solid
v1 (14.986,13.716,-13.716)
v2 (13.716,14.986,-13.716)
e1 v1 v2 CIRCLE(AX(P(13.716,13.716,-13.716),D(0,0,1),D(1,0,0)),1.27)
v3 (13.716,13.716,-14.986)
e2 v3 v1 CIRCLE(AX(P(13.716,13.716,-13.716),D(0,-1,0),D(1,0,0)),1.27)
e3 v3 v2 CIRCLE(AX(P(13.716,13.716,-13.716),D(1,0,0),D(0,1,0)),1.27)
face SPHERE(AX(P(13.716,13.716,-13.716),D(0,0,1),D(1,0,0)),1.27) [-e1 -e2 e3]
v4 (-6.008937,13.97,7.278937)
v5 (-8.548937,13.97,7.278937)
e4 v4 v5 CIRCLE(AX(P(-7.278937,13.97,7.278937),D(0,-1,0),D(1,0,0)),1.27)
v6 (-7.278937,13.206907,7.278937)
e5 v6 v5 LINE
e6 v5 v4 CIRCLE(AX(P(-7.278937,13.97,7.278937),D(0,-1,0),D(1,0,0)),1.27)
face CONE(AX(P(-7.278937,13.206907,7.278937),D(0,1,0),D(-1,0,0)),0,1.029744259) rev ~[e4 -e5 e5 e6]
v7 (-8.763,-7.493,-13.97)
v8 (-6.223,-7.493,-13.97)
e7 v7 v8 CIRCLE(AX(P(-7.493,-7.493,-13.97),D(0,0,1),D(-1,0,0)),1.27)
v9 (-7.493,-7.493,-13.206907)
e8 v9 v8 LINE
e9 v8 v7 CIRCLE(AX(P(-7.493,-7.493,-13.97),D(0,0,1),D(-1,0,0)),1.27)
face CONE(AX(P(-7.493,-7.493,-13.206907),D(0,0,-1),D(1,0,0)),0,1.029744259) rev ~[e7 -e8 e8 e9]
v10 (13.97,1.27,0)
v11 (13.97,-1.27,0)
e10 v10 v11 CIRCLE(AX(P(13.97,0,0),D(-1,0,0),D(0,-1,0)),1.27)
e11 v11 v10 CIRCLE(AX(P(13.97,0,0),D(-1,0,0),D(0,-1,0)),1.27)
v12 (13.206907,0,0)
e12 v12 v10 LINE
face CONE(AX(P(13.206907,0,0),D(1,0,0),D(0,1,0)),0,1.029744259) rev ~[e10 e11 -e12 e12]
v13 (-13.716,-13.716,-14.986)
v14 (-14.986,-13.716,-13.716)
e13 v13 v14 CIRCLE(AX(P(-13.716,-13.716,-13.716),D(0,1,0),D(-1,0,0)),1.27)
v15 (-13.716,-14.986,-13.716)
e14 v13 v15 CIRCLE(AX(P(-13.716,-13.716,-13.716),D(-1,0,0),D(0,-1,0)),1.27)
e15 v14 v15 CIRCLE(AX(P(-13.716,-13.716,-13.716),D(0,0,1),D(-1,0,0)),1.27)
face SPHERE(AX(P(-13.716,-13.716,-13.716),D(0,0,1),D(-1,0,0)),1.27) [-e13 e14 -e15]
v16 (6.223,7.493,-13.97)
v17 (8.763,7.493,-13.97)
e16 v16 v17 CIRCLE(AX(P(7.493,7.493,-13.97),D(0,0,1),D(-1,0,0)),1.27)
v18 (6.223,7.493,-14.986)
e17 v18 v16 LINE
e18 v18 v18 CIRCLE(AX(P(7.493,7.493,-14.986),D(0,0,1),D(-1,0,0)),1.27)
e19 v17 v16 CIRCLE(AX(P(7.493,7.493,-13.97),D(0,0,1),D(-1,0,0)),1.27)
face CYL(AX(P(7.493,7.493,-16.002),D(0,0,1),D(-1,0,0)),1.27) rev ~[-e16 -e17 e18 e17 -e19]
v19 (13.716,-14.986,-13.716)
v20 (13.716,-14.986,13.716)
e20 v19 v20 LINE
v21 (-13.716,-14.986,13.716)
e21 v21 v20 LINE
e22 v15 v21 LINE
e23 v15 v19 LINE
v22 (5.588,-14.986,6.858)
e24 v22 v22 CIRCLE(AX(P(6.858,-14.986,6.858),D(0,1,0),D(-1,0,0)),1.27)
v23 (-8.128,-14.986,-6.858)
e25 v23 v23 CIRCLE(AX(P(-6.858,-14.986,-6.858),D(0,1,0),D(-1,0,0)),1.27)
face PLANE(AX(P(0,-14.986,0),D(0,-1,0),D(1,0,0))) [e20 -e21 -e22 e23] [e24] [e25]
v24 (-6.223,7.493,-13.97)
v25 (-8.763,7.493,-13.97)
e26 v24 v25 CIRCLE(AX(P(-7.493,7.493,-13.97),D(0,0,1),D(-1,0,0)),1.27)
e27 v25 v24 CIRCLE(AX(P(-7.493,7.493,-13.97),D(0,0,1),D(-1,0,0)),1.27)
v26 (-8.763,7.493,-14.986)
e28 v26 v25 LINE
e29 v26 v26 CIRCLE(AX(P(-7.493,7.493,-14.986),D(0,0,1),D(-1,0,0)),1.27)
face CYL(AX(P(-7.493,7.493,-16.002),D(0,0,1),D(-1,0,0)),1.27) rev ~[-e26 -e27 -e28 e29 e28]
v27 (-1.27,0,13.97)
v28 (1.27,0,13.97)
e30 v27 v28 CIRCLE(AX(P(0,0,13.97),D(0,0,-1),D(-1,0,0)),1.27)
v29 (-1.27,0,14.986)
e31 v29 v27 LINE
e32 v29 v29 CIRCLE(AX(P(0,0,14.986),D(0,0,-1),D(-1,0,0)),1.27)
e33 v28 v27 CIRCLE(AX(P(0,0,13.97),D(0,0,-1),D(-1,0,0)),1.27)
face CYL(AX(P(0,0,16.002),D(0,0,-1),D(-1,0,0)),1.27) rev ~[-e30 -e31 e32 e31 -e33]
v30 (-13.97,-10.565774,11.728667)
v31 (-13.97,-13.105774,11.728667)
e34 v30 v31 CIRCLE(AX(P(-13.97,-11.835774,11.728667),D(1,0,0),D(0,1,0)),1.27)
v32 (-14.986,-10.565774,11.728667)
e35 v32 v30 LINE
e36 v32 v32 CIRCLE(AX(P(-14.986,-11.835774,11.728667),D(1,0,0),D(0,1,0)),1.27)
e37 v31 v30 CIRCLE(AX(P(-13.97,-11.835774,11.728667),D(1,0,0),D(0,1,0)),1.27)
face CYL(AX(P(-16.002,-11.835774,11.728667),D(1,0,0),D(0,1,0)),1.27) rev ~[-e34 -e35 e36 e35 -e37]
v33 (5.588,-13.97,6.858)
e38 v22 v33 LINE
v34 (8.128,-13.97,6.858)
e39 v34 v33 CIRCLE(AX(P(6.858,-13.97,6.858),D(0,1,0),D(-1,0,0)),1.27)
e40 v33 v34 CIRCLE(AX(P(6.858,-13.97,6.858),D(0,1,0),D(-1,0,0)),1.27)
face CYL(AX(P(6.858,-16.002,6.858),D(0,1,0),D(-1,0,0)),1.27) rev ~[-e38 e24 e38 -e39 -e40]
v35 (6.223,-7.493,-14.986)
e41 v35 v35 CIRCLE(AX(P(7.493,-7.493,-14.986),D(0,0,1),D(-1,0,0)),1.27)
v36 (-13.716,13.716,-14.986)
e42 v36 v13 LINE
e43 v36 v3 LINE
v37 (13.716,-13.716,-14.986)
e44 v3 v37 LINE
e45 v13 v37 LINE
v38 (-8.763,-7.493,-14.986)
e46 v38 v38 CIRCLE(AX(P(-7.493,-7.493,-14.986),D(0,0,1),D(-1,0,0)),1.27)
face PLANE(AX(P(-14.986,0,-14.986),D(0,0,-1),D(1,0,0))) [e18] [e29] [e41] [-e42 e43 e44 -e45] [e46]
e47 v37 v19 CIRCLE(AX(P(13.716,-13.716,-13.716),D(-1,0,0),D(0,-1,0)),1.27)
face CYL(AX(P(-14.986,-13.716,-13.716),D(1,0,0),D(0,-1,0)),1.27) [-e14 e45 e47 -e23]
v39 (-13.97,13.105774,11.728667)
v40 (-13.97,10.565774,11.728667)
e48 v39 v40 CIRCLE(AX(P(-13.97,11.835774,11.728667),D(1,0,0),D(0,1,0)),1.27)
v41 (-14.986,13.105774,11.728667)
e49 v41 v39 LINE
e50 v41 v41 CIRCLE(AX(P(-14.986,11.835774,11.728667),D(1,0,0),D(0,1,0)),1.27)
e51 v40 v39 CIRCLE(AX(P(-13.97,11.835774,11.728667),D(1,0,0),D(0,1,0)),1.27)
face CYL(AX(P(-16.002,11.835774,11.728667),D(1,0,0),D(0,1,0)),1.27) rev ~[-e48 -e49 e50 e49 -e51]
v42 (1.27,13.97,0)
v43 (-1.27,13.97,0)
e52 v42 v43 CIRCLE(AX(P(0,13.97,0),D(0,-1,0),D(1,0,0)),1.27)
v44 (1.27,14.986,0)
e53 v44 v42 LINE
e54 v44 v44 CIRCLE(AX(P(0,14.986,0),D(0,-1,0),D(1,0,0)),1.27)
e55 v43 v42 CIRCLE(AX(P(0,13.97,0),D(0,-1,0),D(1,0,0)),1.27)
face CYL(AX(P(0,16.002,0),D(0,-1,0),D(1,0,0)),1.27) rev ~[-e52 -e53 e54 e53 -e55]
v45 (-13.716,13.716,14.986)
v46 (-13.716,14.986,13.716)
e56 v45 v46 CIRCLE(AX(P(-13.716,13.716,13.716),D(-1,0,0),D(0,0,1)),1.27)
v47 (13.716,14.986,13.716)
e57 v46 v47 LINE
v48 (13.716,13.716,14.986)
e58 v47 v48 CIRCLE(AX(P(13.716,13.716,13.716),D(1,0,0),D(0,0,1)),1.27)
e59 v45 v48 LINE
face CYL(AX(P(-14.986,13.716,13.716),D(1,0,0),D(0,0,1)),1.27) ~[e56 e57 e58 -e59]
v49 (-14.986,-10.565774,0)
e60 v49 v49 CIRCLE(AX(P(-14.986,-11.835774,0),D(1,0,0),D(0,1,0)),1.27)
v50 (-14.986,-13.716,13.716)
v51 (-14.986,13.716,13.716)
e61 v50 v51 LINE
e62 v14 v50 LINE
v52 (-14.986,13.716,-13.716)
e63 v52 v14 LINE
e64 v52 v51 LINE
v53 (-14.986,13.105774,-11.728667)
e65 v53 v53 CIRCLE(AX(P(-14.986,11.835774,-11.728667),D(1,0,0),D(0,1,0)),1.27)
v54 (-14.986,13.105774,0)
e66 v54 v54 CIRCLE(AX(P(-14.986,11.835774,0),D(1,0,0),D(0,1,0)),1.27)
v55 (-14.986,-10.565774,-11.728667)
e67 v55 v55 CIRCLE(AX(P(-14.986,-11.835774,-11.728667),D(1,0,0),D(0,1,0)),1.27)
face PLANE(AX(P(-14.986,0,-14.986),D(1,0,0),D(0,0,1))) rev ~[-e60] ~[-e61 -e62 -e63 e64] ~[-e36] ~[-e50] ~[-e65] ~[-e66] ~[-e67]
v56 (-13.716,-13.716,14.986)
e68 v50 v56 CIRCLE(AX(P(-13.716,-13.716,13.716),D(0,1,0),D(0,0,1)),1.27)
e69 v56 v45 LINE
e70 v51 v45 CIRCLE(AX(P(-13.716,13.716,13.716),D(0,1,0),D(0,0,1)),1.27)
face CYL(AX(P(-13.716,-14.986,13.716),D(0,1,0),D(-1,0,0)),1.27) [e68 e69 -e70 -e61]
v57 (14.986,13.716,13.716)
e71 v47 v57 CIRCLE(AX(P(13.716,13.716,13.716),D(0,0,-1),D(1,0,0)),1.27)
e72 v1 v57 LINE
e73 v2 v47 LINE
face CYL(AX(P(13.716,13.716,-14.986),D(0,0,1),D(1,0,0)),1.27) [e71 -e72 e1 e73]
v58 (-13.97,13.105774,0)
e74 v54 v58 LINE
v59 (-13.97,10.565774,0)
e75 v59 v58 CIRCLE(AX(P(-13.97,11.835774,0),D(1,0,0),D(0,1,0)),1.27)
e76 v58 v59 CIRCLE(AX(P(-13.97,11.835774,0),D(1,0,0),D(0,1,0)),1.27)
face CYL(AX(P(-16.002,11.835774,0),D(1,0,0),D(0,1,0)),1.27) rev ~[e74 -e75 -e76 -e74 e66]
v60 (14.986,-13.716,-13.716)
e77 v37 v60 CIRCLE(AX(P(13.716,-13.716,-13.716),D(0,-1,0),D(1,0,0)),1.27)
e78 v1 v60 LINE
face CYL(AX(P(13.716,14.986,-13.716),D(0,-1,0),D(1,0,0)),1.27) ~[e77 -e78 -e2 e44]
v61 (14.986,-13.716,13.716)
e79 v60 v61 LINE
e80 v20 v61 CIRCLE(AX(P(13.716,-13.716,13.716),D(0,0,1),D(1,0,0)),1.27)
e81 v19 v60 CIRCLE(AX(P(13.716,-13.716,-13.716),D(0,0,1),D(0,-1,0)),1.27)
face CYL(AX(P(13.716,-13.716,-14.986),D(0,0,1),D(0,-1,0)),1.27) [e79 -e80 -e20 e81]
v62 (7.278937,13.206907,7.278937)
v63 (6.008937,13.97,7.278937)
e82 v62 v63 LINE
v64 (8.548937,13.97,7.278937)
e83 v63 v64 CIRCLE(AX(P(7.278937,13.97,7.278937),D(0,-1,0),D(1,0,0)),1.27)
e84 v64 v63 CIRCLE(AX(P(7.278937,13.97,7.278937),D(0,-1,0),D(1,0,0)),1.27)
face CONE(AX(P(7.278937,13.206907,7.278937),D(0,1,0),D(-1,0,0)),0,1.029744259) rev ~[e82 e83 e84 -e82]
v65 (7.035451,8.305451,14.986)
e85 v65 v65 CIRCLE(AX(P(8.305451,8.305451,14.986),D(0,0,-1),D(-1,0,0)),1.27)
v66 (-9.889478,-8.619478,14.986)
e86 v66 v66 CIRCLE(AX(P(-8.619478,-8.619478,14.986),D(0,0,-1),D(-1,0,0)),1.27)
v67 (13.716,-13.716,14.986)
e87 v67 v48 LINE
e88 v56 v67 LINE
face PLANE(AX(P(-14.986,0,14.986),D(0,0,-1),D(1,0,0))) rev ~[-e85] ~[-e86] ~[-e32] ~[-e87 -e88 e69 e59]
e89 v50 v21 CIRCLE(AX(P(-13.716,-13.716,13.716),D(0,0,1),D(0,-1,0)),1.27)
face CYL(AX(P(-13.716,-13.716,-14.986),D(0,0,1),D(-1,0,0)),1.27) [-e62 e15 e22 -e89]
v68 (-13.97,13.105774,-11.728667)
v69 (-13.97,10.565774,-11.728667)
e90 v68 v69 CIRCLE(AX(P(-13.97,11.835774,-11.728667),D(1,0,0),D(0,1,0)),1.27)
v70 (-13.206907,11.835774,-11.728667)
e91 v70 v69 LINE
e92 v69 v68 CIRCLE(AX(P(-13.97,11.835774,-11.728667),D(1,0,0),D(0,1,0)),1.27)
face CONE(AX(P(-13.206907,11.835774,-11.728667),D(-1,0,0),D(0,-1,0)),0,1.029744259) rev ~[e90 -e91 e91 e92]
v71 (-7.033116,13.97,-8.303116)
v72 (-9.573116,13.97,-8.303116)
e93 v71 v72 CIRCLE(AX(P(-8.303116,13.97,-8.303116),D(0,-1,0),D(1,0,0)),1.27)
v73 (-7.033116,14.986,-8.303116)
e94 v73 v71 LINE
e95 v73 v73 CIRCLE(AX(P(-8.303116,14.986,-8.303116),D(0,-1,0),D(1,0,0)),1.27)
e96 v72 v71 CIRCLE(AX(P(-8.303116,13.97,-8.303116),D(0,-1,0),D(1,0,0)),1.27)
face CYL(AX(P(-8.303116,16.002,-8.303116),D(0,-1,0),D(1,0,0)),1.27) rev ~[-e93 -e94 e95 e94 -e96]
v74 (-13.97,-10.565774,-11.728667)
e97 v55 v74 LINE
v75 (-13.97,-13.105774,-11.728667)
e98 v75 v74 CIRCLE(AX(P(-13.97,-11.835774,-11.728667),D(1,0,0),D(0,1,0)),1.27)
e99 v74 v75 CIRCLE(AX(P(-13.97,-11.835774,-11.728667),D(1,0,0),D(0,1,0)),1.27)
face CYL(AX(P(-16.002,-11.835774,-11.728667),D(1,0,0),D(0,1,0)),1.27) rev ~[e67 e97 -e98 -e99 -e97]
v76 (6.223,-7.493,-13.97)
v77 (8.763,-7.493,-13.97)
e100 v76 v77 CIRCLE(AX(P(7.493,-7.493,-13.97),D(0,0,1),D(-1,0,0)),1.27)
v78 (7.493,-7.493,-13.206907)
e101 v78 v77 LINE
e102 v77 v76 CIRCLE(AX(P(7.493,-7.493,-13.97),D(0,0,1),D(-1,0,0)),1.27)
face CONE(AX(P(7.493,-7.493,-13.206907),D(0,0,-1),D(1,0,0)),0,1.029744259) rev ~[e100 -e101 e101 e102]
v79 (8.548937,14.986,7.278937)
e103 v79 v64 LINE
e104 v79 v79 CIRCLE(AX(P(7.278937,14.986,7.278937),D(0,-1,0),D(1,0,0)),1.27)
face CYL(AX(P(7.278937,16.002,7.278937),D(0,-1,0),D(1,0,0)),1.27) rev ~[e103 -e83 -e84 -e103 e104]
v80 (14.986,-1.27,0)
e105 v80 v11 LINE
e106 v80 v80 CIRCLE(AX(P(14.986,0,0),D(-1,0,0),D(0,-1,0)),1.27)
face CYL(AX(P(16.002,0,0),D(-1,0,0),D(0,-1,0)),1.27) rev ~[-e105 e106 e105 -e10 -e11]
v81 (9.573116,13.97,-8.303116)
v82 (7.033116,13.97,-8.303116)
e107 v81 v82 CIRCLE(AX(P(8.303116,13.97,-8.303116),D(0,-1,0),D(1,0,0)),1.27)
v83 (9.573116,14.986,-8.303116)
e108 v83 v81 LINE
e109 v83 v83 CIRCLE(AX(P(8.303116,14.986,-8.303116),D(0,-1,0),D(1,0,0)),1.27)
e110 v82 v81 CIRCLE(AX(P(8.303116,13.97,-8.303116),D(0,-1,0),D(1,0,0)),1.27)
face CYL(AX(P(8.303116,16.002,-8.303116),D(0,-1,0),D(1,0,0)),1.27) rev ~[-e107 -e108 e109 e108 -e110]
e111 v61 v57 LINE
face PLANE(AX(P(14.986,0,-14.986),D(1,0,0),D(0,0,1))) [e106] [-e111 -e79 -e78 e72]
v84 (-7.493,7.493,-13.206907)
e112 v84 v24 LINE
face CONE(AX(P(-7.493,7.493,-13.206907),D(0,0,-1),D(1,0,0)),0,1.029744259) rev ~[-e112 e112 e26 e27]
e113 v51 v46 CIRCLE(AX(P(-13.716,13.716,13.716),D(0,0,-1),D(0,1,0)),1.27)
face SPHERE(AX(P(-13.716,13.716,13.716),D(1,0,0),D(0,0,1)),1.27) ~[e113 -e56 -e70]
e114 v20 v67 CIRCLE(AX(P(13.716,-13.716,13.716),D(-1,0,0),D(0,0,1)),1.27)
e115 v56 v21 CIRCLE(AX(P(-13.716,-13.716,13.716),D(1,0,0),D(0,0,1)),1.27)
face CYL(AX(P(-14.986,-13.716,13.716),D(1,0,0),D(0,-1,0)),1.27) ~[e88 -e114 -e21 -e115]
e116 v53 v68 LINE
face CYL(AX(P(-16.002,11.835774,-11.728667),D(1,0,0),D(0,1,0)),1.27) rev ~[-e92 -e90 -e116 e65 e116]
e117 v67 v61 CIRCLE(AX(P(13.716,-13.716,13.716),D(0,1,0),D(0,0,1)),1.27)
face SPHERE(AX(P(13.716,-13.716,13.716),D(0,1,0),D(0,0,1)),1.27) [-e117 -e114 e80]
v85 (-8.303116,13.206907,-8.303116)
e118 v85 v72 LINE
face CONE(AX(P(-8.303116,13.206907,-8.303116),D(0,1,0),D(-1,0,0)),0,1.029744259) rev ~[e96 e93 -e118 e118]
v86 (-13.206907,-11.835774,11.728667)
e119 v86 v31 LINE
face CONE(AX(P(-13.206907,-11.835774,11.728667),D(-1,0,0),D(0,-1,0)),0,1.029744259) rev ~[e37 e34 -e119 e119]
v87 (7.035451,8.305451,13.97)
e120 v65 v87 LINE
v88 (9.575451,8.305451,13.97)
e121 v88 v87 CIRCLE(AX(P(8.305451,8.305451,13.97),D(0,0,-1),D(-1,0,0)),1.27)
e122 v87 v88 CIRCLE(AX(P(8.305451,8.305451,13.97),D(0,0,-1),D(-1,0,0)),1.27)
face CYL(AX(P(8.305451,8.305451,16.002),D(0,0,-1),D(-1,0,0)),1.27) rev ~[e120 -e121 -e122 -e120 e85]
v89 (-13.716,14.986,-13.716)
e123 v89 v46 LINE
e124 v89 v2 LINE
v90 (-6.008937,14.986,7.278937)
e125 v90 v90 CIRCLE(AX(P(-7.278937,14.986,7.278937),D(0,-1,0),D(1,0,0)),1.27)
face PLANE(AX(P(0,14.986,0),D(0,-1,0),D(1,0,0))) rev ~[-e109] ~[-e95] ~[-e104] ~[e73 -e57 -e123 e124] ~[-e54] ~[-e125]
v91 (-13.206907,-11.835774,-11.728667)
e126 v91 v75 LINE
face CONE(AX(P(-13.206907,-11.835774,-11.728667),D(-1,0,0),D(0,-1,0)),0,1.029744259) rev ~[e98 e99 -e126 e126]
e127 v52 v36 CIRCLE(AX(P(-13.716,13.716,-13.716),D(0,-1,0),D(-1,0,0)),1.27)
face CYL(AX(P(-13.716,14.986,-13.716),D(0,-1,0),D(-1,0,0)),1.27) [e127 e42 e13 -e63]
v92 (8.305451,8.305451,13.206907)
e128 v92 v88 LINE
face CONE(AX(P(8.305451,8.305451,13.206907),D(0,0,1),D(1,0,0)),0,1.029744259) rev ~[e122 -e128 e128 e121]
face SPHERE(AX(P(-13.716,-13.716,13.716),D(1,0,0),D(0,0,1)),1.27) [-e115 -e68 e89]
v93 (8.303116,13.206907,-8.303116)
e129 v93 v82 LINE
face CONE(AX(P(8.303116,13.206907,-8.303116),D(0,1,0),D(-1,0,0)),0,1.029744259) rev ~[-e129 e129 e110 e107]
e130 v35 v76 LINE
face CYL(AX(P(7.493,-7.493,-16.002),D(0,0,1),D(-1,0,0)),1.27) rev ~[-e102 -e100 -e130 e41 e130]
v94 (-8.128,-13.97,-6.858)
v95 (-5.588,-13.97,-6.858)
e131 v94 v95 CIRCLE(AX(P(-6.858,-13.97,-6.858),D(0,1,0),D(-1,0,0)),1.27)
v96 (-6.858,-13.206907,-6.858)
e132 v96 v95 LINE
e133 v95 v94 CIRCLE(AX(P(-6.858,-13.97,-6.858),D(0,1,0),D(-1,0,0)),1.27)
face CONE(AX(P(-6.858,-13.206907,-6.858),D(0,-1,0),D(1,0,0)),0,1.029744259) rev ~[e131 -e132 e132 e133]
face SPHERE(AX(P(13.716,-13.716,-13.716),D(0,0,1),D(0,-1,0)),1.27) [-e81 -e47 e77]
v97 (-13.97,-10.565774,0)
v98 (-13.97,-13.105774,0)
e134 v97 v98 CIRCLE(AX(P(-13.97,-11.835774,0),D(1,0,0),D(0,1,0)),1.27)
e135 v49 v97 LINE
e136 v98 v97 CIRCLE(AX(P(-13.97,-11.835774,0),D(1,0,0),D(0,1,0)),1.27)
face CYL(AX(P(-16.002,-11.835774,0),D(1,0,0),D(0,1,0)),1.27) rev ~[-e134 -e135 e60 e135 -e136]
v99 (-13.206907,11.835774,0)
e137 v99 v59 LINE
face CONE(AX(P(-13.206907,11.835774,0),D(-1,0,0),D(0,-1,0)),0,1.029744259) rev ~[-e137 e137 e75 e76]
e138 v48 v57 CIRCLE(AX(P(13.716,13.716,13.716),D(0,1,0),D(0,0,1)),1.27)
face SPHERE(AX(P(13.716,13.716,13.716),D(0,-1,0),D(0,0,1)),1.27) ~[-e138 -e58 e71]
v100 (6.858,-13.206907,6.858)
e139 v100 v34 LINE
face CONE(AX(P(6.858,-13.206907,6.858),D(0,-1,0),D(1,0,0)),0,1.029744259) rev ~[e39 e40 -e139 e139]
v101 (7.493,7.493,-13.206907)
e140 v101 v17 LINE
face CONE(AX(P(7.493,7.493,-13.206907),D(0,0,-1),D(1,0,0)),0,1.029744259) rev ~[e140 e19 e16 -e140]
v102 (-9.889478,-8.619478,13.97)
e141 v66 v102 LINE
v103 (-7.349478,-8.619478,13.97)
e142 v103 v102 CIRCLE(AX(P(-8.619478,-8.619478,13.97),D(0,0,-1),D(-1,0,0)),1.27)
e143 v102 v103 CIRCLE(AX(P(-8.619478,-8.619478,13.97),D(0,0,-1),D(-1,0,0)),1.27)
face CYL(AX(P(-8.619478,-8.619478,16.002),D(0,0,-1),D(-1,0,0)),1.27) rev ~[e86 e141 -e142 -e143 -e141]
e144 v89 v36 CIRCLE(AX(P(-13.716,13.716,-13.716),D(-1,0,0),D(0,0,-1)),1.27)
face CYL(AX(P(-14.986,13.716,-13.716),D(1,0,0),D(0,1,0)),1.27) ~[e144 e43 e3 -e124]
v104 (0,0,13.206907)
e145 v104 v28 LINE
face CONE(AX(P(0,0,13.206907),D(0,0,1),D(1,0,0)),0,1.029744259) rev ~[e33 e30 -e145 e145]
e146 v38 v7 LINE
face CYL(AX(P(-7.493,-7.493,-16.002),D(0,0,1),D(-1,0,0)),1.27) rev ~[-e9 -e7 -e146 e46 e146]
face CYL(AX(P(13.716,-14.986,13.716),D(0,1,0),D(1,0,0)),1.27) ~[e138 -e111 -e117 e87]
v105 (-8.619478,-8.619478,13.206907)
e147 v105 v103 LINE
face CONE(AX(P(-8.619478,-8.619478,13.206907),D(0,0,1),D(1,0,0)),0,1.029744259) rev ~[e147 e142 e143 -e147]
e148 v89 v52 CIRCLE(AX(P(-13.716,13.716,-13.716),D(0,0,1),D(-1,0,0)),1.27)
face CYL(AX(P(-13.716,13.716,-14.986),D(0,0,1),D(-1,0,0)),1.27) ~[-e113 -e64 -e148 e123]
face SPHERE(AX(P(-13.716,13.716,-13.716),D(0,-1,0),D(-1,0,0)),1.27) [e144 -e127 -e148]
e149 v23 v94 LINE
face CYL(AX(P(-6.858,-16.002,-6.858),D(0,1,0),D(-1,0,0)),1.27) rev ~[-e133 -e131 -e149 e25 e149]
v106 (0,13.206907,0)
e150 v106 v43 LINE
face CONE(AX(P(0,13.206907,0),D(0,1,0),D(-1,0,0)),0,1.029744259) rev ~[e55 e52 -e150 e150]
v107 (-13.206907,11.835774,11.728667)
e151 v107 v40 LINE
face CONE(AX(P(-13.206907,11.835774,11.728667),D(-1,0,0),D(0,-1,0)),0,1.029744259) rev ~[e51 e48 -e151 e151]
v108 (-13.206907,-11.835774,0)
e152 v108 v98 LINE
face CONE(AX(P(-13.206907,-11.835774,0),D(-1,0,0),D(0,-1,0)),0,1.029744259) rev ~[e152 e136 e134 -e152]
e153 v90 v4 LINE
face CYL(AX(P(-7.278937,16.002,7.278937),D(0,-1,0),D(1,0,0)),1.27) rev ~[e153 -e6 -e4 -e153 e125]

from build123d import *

# Parameters (mm, degrees)
F0_W      = 29.972
F0_H      = 29.972
F1_DEPTH  = 14.986
F2_R      = 1.27
F4_D      = 2.54
F4_DEPTH  = 1.016
F4_TIP    = 0.7630929862
F6_D      = 2.54
F6_DEPTH  = 1.016
F6_TIP    = 0.7630929862
F8_D      = 2.54
F8_DEPTH  = 1.016
F8_TIP    = 0.7630929862
F10_D     = 2.54
F10_DEPTH = 1.016
F10_TIP   = 0.7630929862
F12_D     = 2.54
F12_DEPTH = 1.016
F12_TIP   = 0.7630929862
F14_D     = 2.54
F14_DEPTH = 1.016
F14_TIP   = 0.7630929862


with BuildPart() as f1:
    # F0 (on Front) → F1 (new body, symmetric)
    with BuildSketch(Plane.XZ):
        Rectangle(F0_W, F0_H)
    extrude(amount=F1_DEPTH, both=True)

    # F2
    f2_edges = [f1.edges().sort_by_distance(p)[0] for p in [
        (14.986, 0, 14.986),
        (0, -14.986, 14.986),
        (0, 14.986, 14.986),
        (-14.986, 0, 14.986),
        (14.986, 14.986, 0),
        (14.986, -14.986, 0),
        (-14.986, -14.986, 0),
        (-14.986, 0, -14.986),
        (-14.986, 14.986, 0),
        (0, -14.986, -14.986),
        (14.986, 0, -14.986),
        (0, 14.986, -14.986),
    ]]
    fillet(f2_edges, radius=F2_R)

    # F4
    with Locations(Plane(origin=(0, 0, -14.986), x_dir=(1, 0, 0), z_dir=(0, 0, -1))):
        with Locations((-7.493, 7.493), (7.493, 7.493), (-7.493, -7.493), (7.493, -7.493)):
            Hole(F4_D / 2, depth=F4_DEPTH)
            with Locations((0, 0, -(F4_DEPTH + F4_TIP / 2))):  # 118° drill point
                Cone(0, F4_D / 2, F4_TIP, mode=Mode.SUBTRACT)

    # F6
    with Locations(Plane.XY.offset(14.986)):
        with Locations((8.3054509014, 8.3054509014), (0, 0), (-8.6194775067, -8.6194775067)):
            Hole(F6_D / 2, depth=F6_DEPTH)
            with Locations((0, 0, -(F6_DEPTH + F6_TIP / 2))):  # 118° drill point
                Cone(0, F6_D / 2, F6_TIP, mode=Mode.SUBTRACT)

    # F8
    with Locations(Plane(origin=(-14.986, 0, 0), x_dir=(0, -1, 0), z_dir=(-1, 0, 0))):
        with Locations((11.8357744068, 11.7286667228), (11.8357744068, 0), (11.8357744068, -11.7286667228), (-11.8357744068, -11.7286667228), (-11.8357744068, 0), (-11.8357744068, 11.7286667228)):
            Hole(F8_D / 2, depth=F8_DEPTH)
            with Locations((0, 0, -(F8_DEPTH + F8_TIP / 2))):  # 118° drill point
                Cone(0, F8_D / 2, F8_TIP, mode=Mode.SUBTRACT)

    # F10
    with Locations(Plane.YZ.offset(14.986)):
        with Locations((0, 0)):
            Hole(F10_D / 2, depth=F10_DEPTH)
            with Locations((0, 0, -(F10_DEPTH + F10_TIP / 2))):  # 118° drill point
                Cone(0, F10_D / 2, F10_TIP, mode=Mode.SUBTRACT)

    # F12
    with Locations(Plane(origin=(0, 14.986, 0), x_dir=(-1, 0, 0), z_dir=(0, 1, 0))):
        with Locations((-7.2789373808, 7.2789373808), (7.2789373808, 7.2789373808), (0, 0), (8.3031160757, -8.3031160757), (-8.3031160757, -8.3031160757)):
            Hole(F12_D / 2, depth=F12_DEPTH)
            with Locations((0, 0, -(F12_DEPTH + F12_TIP / 2))):  # 118° drill point
                Cone(0, F12_D / 2, F12_TIP, mode=Mode.SUBTRACT)

    # F14
    with Locations(Plane.XZ.offset(14.986)):
        with Locations((6.858, 6.858), (-6.858, -6.858)):
            Hole(F14_D / 2, depth=F14_DEPTH)
            with Locations((0, 0, -(F14_DEPTH + F14_TIP / 2))):  # 118° drill point
                Cone(0, F14_D / 2, F14_TIP, mode=Mode.SUBTRACT)


solid = f1.part
